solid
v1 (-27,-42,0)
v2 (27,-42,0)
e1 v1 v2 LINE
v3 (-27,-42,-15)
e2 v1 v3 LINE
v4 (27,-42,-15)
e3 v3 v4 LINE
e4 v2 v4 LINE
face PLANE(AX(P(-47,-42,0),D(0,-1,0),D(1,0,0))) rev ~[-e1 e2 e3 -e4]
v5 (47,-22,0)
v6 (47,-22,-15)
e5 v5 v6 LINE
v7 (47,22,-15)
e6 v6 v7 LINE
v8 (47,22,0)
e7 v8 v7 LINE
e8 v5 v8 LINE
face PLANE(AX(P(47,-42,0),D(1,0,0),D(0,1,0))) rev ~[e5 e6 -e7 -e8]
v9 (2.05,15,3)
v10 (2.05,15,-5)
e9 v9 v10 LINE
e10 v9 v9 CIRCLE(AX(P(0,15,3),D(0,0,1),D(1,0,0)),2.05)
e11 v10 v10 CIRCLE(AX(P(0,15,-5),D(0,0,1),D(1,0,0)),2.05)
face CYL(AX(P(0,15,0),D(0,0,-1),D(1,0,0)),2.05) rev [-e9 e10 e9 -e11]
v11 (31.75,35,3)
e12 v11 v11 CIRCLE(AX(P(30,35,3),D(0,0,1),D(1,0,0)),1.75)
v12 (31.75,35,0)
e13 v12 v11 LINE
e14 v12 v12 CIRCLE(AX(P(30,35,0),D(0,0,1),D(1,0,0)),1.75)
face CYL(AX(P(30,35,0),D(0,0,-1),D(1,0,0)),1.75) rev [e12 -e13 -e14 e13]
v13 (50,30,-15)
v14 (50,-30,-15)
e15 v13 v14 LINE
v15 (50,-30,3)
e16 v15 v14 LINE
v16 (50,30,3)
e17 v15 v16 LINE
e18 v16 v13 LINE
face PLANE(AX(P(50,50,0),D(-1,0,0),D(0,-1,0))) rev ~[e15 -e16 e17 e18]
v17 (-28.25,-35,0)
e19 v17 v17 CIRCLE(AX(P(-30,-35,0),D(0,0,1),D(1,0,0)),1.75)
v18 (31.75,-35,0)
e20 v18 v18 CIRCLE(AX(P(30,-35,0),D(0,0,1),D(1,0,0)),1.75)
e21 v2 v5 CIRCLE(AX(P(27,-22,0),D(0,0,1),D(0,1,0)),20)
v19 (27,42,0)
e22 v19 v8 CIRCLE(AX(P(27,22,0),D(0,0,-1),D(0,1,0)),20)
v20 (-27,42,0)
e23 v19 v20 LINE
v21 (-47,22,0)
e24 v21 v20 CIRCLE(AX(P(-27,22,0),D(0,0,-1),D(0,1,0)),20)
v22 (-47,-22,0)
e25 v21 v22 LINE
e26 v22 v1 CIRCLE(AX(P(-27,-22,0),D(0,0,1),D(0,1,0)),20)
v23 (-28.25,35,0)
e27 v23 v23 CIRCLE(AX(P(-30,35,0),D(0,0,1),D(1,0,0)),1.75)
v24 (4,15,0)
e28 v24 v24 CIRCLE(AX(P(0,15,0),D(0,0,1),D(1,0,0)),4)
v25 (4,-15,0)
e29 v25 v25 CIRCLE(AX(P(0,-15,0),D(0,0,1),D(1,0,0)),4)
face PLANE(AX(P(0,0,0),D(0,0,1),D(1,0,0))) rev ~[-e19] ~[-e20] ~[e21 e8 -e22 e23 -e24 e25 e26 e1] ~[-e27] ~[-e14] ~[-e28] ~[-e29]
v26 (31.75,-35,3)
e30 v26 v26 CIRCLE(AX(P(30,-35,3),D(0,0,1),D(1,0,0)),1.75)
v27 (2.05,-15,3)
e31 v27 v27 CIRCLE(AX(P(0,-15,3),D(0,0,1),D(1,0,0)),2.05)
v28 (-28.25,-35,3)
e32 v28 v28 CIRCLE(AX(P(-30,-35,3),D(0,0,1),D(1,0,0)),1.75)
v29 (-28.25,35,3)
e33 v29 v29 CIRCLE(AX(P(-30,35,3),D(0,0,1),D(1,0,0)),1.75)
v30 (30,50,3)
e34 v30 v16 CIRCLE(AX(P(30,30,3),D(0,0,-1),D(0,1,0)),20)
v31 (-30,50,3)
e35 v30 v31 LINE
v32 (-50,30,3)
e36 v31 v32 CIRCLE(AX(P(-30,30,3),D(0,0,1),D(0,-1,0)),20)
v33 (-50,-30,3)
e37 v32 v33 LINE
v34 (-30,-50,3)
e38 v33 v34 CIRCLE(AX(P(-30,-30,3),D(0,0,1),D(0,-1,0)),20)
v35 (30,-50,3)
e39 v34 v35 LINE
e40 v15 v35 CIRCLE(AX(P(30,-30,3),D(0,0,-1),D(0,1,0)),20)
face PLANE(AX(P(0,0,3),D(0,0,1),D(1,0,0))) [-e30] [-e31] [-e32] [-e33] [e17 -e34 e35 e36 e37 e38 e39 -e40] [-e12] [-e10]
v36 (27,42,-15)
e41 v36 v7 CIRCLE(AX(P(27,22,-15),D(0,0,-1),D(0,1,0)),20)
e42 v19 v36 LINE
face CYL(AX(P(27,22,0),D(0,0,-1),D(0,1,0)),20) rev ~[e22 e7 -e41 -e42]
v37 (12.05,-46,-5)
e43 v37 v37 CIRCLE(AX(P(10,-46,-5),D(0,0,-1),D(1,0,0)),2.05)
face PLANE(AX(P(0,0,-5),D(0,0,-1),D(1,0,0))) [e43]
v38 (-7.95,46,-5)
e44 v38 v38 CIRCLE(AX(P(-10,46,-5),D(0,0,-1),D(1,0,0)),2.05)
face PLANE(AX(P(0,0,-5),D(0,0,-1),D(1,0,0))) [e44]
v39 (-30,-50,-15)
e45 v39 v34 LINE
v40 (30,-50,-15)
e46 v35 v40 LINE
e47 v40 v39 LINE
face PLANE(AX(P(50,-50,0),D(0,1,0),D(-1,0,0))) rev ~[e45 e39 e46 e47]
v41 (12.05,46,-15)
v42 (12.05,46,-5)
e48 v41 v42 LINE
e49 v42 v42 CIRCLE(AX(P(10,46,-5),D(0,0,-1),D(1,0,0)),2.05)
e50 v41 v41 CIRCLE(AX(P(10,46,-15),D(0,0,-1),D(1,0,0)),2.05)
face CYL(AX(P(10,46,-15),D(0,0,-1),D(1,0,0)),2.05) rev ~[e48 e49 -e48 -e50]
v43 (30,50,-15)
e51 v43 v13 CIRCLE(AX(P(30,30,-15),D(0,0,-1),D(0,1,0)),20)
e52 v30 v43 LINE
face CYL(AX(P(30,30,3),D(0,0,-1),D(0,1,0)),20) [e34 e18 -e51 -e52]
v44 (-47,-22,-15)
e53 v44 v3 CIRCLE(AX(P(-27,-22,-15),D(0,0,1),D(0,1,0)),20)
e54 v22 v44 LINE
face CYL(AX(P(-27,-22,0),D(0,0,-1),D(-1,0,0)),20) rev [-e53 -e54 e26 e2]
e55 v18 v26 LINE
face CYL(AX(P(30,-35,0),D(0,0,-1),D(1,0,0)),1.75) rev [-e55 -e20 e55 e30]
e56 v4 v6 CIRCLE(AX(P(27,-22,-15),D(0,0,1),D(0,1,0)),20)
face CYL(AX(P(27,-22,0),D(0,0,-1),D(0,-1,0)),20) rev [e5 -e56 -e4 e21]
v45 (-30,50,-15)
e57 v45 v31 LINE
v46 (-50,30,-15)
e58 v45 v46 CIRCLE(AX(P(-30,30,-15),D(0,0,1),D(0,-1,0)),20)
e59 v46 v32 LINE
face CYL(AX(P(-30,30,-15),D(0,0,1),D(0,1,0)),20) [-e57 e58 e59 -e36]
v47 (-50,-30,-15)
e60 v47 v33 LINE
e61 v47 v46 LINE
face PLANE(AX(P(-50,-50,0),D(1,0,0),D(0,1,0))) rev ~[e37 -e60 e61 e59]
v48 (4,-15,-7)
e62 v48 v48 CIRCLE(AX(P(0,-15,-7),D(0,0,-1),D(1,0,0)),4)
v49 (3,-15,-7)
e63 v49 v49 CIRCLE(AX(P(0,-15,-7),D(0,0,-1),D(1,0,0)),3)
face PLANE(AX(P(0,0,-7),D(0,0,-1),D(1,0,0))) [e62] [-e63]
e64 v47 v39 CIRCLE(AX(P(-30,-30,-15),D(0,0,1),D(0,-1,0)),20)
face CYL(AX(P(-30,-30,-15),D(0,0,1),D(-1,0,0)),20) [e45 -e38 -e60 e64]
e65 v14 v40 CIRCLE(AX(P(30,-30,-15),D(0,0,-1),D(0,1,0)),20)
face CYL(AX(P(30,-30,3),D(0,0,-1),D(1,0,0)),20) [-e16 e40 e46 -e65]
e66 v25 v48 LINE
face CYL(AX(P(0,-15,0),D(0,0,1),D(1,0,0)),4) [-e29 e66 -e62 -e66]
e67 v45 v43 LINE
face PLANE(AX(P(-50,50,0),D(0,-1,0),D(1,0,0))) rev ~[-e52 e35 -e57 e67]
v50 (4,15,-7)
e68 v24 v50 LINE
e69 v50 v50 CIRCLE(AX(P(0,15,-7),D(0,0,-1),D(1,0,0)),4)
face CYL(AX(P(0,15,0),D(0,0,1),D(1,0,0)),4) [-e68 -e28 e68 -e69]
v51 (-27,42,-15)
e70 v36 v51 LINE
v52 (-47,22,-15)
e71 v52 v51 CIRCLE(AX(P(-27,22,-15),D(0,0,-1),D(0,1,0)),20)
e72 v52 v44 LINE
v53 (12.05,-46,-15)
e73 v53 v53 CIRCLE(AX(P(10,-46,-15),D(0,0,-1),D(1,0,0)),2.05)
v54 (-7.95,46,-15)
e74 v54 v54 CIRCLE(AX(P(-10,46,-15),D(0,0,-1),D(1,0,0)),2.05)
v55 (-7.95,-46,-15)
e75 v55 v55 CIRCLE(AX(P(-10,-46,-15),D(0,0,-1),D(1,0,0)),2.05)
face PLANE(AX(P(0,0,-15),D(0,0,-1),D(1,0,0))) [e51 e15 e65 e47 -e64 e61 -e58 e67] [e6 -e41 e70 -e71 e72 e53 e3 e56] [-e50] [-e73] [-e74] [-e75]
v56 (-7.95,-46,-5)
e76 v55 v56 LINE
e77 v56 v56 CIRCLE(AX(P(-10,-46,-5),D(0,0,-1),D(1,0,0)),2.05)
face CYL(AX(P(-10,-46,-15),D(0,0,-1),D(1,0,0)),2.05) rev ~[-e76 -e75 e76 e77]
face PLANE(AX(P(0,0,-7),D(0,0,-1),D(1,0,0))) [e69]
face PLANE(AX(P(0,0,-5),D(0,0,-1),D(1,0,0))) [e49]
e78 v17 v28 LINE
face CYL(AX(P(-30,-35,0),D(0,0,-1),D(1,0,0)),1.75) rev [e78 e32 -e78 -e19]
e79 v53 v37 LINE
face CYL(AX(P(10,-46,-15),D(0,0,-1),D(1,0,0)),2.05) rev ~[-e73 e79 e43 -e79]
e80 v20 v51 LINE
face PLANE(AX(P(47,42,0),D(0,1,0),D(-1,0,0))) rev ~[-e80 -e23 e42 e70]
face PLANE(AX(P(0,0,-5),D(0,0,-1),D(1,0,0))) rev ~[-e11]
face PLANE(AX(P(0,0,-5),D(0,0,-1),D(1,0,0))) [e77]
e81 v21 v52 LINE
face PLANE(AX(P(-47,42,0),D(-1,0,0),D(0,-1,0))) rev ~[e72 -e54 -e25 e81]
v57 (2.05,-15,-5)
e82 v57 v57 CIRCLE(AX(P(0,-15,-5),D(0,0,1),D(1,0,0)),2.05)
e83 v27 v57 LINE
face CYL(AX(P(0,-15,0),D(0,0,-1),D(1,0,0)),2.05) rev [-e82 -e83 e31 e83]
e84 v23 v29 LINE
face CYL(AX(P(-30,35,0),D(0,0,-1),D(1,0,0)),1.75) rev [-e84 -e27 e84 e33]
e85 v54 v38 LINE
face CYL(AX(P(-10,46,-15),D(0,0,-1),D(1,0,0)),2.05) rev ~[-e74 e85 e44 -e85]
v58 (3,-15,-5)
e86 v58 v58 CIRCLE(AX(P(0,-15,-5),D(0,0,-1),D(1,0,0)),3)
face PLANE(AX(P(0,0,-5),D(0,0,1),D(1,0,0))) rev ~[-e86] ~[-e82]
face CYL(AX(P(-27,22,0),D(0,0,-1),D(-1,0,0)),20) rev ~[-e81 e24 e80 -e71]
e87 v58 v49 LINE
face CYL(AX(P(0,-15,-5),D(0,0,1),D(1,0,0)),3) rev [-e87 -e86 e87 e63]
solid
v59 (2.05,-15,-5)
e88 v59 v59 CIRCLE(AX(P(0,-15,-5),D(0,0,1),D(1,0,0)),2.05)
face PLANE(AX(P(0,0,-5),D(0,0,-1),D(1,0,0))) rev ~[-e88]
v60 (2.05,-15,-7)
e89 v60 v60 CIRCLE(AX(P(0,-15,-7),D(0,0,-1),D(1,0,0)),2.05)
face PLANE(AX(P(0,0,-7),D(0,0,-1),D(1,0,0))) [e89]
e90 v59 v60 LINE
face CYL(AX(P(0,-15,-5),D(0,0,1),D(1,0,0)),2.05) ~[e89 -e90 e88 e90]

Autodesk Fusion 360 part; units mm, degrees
sketch "Sketch1" plane through (0, 0, 0) normal (0, 0, 1) x (1, 0, 0)
  line L0 (50, 50) -> (-50, 50)
  line L1 (-50, 50) -> (-50, -50)
  line L2 (-50, -50) -> (50, -50)
  line L3 (50, -50) -> (50, 50)
  line L4 (50, 50) -> (-50, -50) construction
  line L5 (-50, 50) -> (50, -50) construction
  circle A0 centre (0, 15) radius 2.05
  circle A1 centre (0, -15) radius 2.05
  circle A2 centre (0, 15) radius 4
  circle A3 centre (0, -15) radius 4
  circle A4 centre (30, -35) radius 1.75
  circle A5 centre (30, 35) radius 1.75
  line L6 (0, 0) -> (0, 5)
  circle A6 centre (-30, 35) radius 1.75
  circle A7 centre (-30, -35) radius 1.75
  dimension "d1" = 100
  dimension "d2" = 100
  dimension "d4" = 4.1
  dimension "d5" = 15
  dimension "d6" = 15
  dimension "d8" = 8
  dimension "d36" = 3.5
  dimension "d37" = 3.5
  dimension "d55" = 30
  dimension "d56" = 35
  dimension "d57" = 35
  dimension "d58" = 30
extrude "Extrude1" add sketch "Sketch1" along normal blind 3 contours L0 L1 L2 L3 | A2 | A3
extrude "Extrude2" add sketch "Sketch1" against normal blind 5 contours A2 | A3
sketch "Sketch2" plane through (0, 0, -5) normal (0, 0, -1) x (1, 0, 0)
  circle A0 centre (0, 15) radius 2.05
  circle A1 centre (0, 15) radius 4
  circle A2 centre (0, 15) radius 3
  circle A3 centre (0, -15) radius 4
  dimension "d40" = 8
extrude "Extrude3" add sketch "Sketch2" along normal blind 2
sketch "Sketch3" plane through (0, 0, 0) normal (0, 0, -1) x (1, 0, 0)
  circle A0 centre (0, -15) radius 4
  circle A1 centre (0, 15) radius 4
  line L0 (50, -50) -> (50, 50)
  line L1 (50, 50) -> (-50, 50)
  line L2 (-50, 50) -> (-50, -50)
  line L3 (-50, -50) -> (50, -50)
  circle A2 centre (30, 35) radius 1.75
  circle A3 centre (30, -35) radius 1.75
  line L4 (-47, 42) -> (47, 42)
  line L5 (47, 42) -> (47, -42)
  line L6 (47, -42) -> (-47, -42)
  line L7 (-47, -42) -> (-47, 42)
  circle A4 centre (-30, 35) radius 1.75
  circle A5 centre (-30, -35) radius 1.75
  dimension "d41" = 3
  dimension "d42" = 3
  dimension "d43" = 8
  dimension "d44" = 8
extrude "Extrude4" add sketch "Sketch3" along normal blind 15 contours L0 L1 L2 L3
sketch "Sketch6" plane through (0, 0, -15) normal (0, 0, -1) x (1, 0, 0)
  line L0 (47, -42) -> (-47, -42)
  line L1 (-47, -42) -> (-47, 42)
  line L2 (-47, 42) -> (47, 42)
  line L3 (47, 42) -> (47, -42)
  line L4 (-50, -50) -> (50, -50)
  line L5 (50, -50) -> (50, 50)
  line L6 (50, 50) -> (-50, 50)
  line L7 (-50, 50) -> (-50, -50)
  line L8 (0, 0) -> (20, 0)
  circle A0 centre (10, 46) radius 2.05
  line L9 (0, 0) -> (0, 5)
  circle A1 centre (-10, 46) radius 2.05
  circle A2 centre (10, -46) radius 2.05
  circle A3 centre (-10, -46) radius 2.05
  dimension "d45" = 4.1
  dimension "d61" = 4
  dimension "d62" = 10
extrude "Extrude7" cut sketch "Sketch6" against normal blind 10 contours A0 | A1 | A2 | A3
fillet "Fillet3" radius 20 8 edges at (47, -42, -7.5) (47, 42, -7.5) (-47, -42, -7.5) (50, -50, -6) (-50, -50, -6) (-50, 50, -6) (-47, 42, -7.5) (50, 50, -6)
